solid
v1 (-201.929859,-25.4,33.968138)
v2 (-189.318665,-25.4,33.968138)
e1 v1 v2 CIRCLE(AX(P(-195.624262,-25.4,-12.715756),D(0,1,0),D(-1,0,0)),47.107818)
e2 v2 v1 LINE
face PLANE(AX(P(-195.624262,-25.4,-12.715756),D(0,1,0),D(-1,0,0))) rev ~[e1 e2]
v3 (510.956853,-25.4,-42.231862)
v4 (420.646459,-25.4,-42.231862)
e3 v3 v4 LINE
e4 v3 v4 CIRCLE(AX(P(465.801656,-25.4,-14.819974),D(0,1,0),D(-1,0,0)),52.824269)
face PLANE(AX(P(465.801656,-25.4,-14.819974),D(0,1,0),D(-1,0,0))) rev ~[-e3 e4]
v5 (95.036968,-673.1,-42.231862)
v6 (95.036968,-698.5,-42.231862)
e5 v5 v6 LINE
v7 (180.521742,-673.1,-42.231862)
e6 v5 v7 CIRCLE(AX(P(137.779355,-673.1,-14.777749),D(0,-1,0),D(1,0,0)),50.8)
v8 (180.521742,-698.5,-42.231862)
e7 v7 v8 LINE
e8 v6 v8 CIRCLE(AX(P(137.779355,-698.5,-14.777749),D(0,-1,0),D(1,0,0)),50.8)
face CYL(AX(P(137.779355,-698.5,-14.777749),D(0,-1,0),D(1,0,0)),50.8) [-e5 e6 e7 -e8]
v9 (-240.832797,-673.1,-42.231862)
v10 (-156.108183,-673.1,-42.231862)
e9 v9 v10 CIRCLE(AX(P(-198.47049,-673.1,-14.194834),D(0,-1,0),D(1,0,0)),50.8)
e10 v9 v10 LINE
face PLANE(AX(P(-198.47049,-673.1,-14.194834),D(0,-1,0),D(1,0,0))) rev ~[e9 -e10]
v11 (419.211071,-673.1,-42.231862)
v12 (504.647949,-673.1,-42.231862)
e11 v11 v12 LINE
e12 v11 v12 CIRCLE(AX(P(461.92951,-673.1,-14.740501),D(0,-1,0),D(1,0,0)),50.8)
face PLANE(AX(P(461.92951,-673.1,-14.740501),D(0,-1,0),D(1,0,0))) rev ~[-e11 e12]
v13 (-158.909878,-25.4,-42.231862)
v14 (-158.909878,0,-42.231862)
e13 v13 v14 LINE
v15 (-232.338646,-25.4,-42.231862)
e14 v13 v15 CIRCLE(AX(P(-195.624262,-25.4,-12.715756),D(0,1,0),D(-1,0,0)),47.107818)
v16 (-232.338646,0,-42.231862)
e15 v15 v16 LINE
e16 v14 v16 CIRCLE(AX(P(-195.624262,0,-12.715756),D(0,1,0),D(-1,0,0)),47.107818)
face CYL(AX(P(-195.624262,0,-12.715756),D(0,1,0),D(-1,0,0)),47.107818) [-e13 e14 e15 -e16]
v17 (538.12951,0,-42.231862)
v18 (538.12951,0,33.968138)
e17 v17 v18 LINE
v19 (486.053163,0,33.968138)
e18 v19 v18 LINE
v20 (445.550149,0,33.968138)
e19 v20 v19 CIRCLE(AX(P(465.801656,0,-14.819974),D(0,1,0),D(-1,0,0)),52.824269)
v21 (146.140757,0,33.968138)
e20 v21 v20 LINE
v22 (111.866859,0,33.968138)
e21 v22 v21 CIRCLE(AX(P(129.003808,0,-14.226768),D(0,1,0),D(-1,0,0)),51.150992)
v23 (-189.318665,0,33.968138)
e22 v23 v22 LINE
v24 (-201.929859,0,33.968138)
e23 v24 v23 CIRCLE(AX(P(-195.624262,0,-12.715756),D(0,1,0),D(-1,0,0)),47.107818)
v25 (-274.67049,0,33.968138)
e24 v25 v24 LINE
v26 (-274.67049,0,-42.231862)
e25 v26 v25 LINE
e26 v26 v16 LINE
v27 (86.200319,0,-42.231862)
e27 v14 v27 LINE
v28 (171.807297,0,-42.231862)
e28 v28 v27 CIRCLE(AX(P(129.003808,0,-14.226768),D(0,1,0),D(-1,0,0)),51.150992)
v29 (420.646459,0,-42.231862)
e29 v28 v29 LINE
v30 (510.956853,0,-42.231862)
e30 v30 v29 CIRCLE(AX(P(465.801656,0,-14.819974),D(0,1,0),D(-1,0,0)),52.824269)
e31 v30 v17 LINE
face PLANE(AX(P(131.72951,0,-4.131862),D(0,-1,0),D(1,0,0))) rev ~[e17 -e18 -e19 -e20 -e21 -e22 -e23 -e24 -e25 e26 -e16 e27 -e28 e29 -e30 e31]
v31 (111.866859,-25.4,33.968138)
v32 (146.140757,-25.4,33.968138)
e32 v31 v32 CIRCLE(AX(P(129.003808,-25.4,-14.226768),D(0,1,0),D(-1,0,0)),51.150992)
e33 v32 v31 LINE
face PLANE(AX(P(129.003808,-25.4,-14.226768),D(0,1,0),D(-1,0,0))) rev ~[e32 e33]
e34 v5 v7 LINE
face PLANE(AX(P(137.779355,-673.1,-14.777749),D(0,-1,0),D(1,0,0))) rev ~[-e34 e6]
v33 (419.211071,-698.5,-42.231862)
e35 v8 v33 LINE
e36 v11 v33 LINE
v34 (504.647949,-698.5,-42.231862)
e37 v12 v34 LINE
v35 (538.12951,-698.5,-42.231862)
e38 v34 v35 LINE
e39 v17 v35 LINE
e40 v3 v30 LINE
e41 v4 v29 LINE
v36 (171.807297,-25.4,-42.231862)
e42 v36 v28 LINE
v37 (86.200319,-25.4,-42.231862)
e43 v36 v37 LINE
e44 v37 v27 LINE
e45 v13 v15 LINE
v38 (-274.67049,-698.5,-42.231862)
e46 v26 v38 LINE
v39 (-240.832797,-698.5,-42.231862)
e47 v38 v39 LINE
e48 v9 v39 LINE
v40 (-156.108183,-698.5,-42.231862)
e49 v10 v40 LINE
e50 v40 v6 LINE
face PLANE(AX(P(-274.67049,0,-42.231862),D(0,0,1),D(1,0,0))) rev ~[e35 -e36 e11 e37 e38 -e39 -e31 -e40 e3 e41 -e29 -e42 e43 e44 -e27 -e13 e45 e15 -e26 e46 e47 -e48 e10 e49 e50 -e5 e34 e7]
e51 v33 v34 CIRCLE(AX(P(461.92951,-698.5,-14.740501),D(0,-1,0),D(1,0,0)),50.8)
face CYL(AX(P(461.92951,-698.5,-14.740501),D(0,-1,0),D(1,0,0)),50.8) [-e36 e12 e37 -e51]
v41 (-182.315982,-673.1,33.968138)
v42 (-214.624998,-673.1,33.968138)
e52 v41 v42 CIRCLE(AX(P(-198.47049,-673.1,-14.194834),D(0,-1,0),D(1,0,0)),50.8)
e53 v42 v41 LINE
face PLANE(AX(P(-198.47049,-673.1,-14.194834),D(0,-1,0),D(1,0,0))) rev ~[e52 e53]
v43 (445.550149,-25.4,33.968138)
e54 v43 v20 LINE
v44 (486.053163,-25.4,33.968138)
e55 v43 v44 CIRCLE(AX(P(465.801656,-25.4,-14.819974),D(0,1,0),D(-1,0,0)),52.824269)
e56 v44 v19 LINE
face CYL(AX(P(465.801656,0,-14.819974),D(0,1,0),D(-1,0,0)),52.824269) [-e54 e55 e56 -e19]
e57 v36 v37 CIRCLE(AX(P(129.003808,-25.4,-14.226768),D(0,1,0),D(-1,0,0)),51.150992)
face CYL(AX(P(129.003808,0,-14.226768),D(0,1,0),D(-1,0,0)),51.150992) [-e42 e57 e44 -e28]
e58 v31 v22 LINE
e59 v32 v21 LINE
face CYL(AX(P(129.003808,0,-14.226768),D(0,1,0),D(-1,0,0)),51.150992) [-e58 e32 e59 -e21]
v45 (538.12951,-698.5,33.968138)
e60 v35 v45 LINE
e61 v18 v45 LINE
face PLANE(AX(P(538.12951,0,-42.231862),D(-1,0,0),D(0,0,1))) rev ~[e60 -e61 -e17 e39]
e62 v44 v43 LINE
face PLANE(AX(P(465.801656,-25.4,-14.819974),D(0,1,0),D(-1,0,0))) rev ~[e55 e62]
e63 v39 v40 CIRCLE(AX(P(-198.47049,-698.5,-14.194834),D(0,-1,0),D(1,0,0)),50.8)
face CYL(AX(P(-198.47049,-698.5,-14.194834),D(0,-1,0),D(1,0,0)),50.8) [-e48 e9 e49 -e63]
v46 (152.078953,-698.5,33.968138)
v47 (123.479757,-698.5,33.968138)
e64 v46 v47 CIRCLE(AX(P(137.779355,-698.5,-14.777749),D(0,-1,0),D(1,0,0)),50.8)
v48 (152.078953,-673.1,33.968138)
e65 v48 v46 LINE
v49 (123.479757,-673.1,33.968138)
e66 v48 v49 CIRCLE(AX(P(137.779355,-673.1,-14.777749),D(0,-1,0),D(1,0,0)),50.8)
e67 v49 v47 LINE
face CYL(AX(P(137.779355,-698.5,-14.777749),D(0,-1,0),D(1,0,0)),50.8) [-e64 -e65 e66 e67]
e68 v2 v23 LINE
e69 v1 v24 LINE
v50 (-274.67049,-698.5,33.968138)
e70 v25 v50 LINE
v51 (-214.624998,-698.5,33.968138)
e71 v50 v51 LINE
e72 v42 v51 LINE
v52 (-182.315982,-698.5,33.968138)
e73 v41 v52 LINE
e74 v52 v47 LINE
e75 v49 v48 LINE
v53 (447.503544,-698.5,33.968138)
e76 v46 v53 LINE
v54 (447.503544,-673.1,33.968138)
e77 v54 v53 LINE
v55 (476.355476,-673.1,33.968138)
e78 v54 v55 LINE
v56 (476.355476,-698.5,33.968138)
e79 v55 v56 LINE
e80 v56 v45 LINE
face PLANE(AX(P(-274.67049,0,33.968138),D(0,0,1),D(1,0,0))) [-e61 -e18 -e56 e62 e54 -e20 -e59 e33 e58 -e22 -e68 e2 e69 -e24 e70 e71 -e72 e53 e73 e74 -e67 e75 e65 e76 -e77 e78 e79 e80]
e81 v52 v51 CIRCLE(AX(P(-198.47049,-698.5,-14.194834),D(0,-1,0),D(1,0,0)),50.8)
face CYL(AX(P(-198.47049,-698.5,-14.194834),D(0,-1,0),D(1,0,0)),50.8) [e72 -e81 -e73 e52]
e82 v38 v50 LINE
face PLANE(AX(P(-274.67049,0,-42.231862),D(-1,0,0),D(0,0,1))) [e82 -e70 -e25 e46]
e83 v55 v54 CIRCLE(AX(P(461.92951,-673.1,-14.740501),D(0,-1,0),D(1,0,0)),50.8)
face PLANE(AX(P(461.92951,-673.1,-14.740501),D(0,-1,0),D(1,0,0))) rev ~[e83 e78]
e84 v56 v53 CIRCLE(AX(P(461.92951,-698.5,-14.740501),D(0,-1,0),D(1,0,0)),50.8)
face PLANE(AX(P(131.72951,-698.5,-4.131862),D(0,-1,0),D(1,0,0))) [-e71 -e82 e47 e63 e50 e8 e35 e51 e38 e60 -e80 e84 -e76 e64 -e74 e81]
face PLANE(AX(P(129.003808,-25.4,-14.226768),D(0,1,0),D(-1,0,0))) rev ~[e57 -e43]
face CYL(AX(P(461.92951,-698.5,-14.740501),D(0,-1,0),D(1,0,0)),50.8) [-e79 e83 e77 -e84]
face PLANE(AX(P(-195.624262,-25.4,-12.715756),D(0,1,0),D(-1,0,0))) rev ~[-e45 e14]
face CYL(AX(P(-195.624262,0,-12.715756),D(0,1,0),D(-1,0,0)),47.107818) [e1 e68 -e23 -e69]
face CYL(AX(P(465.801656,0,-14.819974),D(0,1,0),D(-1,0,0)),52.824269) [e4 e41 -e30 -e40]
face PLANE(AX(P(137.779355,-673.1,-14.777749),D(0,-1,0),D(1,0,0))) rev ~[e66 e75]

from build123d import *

# Parameters (mm, degrees)
F0_W     = 812.8
F0_H     = 76.2
F1_DEPTH = 698.5
F2_R     = 50.8
F3_DEPTH = 25.4
F5_R     = 52.824269
F5_R_2   = 51.150992
F5_R_3   = 47.107818
F6_DEPTH = 25.4


with BuildPart() as f1:
    # F0 (on Front) → F1 (new body)
    with BuildSketch(Plane.XZ):
        with Locations((131.72951, -4.131862)):
            Rectangle(F0_W, F0_H)
    extrude(amount=F1_DEPTH)

    # F2 (on face) → F3 (join)
    with BuildSketch(Plane.XZ.offset(698.5)):
        with Locations((461.92951, -14.740501)):
            Circle(F2_R)
        with Locations((137.779355, -14.777749)):
            Circle(F2_R)
        with Locations((-198.47049, -14.194834)):
            Circle(F2_R)
    extrude(amount=-F3_DEPTH)

    # F5 (on face) → F6 (join)
    with BuildSketch(Plane(origin=(0, 0, 0), x_dir=(-1, 0, 0), z_dir=(0, 1, 0))):
        with Locations((-465.801656, -14.819974)):
            Circle(F5_R)
        with Locations((-129.003808, -14.226768)):
            Circle(F5_R_2)
        with Locations((195.624262, -12.715756)):
            Circle(F5_R_3)
    extrude(amount=-F6_DEPTH)


solid = f1.part
